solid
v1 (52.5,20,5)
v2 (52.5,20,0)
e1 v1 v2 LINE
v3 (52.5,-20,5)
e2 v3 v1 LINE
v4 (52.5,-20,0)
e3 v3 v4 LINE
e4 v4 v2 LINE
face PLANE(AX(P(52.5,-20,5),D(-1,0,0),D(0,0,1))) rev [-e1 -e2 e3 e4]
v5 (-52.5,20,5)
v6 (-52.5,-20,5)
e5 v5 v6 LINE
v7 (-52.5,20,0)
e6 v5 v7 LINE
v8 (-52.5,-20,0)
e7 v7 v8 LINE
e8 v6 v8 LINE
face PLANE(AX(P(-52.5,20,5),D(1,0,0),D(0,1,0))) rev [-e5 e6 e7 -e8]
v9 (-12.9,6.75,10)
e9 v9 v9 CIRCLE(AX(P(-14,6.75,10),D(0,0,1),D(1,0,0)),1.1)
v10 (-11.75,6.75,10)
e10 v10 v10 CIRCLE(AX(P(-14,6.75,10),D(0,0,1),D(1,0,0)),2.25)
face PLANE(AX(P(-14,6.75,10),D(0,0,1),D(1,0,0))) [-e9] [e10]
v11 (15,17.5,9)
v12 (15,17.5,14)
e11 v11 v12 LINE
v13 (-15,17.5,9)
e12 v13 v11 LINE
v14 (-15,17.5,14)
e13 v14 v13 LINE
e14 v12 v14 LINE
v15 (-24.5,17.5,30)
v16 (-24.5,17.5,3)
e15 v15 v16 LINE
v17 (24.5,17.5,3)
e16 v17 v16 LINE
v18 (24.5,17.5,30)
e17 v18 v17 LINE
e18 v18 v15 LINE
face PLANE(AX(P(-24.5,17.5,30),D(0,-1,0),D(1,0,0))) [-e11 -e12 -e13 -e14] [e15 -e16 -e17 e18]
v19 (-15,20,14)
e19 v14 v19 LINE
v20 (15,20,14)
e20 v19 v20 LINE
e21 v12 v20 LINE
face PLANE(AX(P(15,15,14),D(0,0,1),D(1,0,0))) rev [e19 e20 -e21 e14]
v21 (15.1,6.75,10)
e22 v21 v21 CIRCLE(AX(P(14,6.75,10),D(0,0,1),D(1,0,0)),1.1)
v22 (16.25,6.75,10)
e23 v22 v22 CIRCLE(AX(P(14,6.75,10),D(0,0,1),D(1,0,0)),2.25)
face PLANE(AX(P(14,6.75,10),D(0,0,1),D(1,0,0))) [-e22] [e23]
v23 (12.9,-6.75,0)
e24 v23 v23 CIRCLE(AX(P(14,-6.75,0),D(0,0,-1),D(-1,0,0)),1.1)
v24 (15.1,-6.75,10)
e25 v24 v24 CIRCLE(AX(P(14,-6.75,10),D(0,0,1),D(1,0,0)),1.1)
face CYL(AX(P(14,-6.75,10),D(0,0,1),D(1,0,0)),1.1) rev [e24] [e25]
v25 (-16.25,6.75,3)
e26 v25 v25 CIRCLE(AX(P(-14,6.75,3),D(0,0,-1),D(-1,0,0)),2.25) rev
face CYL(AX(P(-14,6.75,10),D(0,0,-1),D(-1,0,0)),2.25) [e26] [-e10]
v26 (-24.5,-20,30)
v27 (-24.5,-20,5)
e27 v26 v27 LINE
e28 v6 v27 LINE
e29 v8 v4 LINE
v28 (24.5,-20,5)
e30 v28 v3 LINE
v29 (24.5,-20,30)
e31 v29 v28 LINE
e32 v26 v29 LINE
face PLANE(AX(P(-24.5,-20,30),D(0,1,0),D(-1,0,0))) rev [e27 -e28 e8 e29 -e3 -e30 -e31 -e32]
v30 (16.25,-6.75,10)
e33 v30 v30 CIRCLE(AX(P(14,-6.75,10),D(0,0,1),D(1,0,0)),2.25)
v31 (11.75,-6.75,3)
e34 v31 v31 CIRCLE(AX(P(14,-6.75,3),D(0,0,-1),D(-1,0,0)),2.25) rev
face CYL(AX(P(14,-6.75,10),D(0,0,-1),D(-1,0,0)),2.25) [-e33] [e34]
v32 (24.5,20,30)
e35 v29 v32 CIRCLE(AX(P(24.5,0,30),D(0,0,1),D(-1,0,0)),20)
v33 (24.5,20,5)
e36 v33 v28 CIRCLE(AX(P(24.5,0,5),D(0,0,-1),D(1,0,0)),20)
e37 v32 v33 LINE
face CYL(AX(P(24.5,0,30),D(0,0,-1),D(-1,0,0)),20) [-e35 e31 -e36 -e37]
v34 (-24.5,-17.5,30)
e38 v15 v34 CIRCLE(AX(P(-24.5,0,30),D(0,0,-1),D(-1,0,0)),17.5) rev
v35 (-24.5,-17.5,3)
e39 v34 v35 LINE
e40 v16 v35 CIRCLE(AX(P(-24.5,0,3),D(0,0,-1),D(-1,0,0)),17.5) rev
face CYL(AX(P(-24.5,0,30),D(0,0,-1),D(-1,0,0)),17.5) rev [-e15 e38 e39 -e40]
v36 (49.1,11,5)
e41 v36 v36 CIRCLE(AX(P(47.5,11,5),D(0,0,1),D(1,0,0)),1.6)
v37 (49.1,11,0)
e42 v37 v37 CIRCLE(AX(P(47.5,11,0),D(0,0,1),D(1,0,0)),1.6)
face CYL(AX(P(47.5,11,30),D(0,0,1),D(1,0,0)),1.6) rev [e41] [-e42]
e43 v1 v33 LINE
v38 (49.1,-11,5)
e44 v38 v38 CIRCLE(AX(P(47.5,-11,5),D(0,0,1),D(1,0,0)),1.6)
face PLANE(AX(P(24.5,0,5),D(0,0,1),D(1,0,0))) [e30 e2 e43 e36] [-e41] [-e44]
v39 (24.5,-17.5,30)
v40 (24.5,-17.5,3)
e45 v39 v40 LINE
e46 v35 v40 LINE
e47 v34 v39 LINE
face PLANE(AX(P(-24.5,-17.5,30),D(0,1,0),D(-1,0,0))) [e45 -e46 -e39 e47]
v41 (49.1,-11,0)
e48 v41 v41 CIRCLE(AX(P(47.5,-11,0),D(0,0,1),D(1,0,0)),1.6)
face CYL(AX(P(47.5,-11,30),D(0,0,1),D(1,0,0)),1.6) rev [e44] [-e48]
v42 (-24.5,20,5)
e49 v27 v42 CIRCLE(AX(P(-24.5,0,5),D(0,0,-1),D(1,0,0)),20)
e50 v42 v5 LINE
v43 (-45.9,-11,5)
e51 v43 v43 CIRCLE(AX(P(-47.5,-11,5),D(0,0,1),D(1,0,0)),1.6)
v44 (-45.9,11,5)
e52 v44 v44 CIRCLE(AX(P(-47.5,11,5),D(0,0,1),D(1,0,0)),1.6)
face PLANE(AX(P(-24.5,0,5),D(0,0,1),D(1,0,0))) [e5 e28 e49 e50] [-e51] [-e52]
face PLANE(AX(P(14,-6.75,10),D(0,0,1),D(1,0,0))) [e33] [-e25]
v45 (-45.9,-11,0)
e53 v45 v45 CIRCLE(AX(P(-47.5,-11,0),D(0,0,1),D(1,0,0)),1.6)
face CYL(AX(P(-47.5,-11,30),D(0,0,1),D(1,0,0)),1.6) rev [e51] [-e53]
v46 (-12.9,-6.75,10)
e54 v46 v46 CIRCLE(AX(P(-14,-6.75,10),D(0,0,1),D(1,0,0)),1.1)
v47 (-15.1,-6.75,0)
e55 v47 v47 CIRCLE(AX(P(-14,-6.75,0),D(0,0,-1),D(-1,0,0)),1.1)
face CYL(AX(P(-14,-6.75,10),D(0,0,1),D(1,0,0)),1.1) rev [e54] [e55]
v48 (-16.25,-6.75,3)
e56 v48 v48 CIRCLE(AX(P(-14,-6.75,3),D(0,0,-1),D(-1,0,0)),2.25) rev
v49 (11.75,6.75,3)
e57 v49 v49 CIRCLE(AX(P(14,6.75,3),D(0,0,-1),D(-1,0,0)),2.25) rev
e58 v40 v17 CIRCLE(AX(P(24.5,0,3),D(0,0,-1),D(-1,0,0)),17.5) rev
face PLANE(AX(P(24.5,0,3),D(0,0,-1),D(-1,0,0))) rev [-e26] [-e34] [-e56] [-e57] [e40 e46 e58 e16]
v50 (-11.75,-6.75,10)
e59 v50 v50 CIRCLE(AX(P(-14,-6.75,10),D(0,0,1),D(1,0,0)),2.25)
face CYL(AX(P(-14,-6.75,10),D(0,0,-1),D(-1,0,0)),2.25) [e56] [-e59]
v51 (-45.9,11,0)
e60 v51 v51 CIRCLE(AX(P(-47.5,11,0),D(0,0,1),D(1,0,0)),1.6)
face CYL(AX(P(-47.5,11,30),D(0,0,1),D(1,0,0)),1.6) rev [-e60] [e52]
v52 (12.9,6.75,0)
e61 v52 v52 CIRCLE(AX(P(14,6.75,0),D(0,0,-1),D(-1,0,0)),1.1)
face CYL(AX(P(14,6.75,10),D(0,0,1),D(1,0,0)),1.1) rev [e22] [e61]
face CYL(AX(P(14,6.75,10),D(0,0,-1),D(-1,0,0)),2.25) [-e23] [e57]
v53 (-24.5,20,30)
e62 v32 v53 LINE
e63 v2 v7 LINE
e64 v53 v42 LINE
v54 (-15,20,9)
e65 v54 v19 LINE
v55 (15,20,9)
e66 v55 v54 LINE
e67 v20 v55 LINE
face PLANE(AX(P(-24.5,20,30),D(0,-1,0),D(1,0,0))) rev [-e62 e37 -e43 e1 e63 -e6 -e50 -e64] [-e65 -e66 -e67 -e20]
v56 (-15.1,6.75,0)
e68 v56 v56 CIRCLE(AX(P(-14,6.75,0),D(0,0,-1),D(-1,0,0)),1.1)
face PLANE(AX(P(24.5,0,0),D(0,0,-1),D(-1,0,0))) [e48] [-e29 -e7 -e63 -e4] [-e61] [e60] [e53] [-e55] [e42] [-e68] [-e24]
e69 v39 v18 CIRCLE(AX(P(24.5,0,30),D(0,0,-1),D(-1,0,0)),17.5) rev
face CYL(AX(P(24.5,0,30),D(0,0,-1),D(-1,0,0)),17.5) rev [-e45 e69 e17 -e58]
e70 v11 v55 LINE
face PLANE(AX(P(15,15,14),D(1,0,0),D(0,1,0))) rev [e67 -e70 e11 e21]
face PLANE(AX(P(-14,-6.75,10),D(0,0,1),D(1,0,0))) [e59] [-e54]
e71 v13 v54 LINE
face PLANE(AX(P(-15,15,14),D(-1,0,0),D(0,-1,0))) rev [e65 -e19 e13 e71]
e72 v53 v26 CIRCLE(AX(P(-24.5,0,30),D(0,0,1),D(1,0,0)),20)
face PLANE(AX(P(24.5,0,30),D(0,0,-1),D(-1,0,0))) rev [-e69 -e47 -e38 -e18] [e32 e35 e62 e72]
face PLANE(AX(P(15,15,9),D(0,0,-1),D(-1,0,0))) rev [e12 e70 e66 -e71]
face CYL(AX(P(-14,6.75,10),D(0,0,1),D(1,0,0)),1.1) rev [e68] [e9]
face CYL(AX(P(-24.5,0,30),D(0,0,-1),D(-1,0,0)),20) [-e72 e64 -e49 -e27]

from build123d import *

# Parameters (mm, degrees)
EXTRUDE_1_DEPTH           = 30
SHELL_1_T                 = -2.5
SHELL_1_THICKNESS_2_DEPTH = 0.5
EXTRUDE_2_DEPTH           = 5
HOLE_WIZARD_M31_D         = 3.2
SKETCH_5_R                = 2.25
EXTRUDE_3_DEPTH           = 7
HOLE_WIZARD_M21_D         = 2.2
HOLE_WIZARD_M21_DEPTH     = 11.5
HOLE_WIZARD_M21_TIP       = 0.660946681
SKETCH_8_W                = 30
SKETCH_8_H                = 5
CUT_EXTRUDE_1_DEPTH       = 5


with BuildPart() as part:
    # Эскиз1 → Бобышка-Вытянуть1 (new body)
    with BuildSketch(Plane.XY):
        with BuildLine():
            Line((-24.5, 20), (24.5, 20))
            ThreePointArc((24.5, 20), (44.5, 0), (24.5, -20))
            Line((24.5, -20), (-24.5, -20))
            ThreePointArc((-24.5, -20), (-44.5, 0), (-24.5, 20))
        make_face()
    extrude(amount=EXTRUDE_1_DEPTH)

    # Оболочка1
    shell_1_openings = [part.faces().sort_by_distance(p)[0] for p in [
        (0, 0, 30),
    ]]
    offset(amount=SHELL_1_T, openings=shell_1_openings, kind=Kind.INTERSECTION)

    # Оболочка1 thickness 2 face (on inner face of the shell) → Оболочка1 thickness 2 (add)
    with BuildSketch(Plane(origin=(0, 0, 2.5), x_dir=(-1, 0, 0), z_dir=(0, 0, -1))):
        with BuildLine():
            Line((-24.5, 17.5), (24.5, 17.5))
            ThreePointArc((24.5, 17.5), (42, 0), (24.5, -17.5))
            Line((24.5, -17.5), (-24.5, -17.5))
            ThreePointArc((-24.5, -17.5), (-42, 0), (-24.5, 17.5))
        make_face()
    extrude(amount=-SHELL_1_THICKNESS_2_DEPTH)

    # Эскиз2 → Бобышка-Вытянуть2 (add)
    with BuildSketch(Plane.XY):
        with BuildLine():
            Line((-24.5, 20), (-52.5, 20))
            Line((-52.5, 20), (-52.5, -20))
            Line((-52.5, -20), (-24.5, -20))
            ThreePointArc((-24.5, -20), (-44.5, 0), (-24.5, 20))
        make_face()
        with BuildLine():
            Line((24.5, -20), (52.5, -20))
            Line((52.5, -20), (52.5, 20))
            Line((52.5, 20), (24.5, 20))
            ThreePointArc((24.5, 20), (44.5, 0), (24.5, -20))
        make_face()
    extrude(amount=EXTRUDE_2_DEPTH)

    # Отверстие с зазором M31 (through all)
    with Locations(Plane.XY.offset(30)):
        with Locations((-47.5, 11), (-47.5, -11), (47.5, -11), (47.5, 11)):
            Hole(HOLE_WIZARD_M31_D / 2)

    # Эскиз5 → Бобышка-Вытянуть3 (add)
    with BuildSketch(Plane.XY.offset(3)):
        with Locations(Location((-14, 6.75, 0), (0, 0, 180))):
            Circle(SKETCH_5_R)
        with Locations(Location((14, 6.75, 0), (0, 0, 180))):
            Circle(SKETCH_5_R)
        with Locations(Location((-14, -6.75, 0), (0, 0, 180))):
            Circle(SKETCH_5_R)
        with Locations(Location((14, -6.75, 0), (0, 0, 180))):
            Circle(SKETCH_5_R)
    extrude(amount=EXTRUDE_3_DEPTH)

    # Отверстие с зазором M21
    with Locations(Plane.XY.offset(10)):
        with Locations((-14, 6.75), (14, 6.75), (14, -6.75), (-14, -6.75)):
            Hole(HOLE_WIZARD_M21_D / 2, depth=HOLE_WIZARD_M21_DEPTH)
            with Locations((0, 0, -(HOLE_WIZARD_M21_DEPTH + HOLE_WIZARD_M21_TIP / 2))):  # 118° drill point
                Cone(0, HOLE_WIZARD_M21_D / 2, HOLE_WIZARD_M21_TIP, mode=Mode.SUBTRACT)

    # Эскиз8 → Вырез-Вытянуть1 (cut)
    with BuildSketch(Plane(origin=(0, 20, 0), x_dir=(1, 0, 0), z_dir=(0, 1, 0))):
        with Locations((0, -11.5)):
            Rectangle(SKETCH_8_W, SKETCH_8_H)
    extrude(amount=-CUT_EXTRUDE_1_DEPTH, mode=Mode.SUBTRACT)


solid = part.part
